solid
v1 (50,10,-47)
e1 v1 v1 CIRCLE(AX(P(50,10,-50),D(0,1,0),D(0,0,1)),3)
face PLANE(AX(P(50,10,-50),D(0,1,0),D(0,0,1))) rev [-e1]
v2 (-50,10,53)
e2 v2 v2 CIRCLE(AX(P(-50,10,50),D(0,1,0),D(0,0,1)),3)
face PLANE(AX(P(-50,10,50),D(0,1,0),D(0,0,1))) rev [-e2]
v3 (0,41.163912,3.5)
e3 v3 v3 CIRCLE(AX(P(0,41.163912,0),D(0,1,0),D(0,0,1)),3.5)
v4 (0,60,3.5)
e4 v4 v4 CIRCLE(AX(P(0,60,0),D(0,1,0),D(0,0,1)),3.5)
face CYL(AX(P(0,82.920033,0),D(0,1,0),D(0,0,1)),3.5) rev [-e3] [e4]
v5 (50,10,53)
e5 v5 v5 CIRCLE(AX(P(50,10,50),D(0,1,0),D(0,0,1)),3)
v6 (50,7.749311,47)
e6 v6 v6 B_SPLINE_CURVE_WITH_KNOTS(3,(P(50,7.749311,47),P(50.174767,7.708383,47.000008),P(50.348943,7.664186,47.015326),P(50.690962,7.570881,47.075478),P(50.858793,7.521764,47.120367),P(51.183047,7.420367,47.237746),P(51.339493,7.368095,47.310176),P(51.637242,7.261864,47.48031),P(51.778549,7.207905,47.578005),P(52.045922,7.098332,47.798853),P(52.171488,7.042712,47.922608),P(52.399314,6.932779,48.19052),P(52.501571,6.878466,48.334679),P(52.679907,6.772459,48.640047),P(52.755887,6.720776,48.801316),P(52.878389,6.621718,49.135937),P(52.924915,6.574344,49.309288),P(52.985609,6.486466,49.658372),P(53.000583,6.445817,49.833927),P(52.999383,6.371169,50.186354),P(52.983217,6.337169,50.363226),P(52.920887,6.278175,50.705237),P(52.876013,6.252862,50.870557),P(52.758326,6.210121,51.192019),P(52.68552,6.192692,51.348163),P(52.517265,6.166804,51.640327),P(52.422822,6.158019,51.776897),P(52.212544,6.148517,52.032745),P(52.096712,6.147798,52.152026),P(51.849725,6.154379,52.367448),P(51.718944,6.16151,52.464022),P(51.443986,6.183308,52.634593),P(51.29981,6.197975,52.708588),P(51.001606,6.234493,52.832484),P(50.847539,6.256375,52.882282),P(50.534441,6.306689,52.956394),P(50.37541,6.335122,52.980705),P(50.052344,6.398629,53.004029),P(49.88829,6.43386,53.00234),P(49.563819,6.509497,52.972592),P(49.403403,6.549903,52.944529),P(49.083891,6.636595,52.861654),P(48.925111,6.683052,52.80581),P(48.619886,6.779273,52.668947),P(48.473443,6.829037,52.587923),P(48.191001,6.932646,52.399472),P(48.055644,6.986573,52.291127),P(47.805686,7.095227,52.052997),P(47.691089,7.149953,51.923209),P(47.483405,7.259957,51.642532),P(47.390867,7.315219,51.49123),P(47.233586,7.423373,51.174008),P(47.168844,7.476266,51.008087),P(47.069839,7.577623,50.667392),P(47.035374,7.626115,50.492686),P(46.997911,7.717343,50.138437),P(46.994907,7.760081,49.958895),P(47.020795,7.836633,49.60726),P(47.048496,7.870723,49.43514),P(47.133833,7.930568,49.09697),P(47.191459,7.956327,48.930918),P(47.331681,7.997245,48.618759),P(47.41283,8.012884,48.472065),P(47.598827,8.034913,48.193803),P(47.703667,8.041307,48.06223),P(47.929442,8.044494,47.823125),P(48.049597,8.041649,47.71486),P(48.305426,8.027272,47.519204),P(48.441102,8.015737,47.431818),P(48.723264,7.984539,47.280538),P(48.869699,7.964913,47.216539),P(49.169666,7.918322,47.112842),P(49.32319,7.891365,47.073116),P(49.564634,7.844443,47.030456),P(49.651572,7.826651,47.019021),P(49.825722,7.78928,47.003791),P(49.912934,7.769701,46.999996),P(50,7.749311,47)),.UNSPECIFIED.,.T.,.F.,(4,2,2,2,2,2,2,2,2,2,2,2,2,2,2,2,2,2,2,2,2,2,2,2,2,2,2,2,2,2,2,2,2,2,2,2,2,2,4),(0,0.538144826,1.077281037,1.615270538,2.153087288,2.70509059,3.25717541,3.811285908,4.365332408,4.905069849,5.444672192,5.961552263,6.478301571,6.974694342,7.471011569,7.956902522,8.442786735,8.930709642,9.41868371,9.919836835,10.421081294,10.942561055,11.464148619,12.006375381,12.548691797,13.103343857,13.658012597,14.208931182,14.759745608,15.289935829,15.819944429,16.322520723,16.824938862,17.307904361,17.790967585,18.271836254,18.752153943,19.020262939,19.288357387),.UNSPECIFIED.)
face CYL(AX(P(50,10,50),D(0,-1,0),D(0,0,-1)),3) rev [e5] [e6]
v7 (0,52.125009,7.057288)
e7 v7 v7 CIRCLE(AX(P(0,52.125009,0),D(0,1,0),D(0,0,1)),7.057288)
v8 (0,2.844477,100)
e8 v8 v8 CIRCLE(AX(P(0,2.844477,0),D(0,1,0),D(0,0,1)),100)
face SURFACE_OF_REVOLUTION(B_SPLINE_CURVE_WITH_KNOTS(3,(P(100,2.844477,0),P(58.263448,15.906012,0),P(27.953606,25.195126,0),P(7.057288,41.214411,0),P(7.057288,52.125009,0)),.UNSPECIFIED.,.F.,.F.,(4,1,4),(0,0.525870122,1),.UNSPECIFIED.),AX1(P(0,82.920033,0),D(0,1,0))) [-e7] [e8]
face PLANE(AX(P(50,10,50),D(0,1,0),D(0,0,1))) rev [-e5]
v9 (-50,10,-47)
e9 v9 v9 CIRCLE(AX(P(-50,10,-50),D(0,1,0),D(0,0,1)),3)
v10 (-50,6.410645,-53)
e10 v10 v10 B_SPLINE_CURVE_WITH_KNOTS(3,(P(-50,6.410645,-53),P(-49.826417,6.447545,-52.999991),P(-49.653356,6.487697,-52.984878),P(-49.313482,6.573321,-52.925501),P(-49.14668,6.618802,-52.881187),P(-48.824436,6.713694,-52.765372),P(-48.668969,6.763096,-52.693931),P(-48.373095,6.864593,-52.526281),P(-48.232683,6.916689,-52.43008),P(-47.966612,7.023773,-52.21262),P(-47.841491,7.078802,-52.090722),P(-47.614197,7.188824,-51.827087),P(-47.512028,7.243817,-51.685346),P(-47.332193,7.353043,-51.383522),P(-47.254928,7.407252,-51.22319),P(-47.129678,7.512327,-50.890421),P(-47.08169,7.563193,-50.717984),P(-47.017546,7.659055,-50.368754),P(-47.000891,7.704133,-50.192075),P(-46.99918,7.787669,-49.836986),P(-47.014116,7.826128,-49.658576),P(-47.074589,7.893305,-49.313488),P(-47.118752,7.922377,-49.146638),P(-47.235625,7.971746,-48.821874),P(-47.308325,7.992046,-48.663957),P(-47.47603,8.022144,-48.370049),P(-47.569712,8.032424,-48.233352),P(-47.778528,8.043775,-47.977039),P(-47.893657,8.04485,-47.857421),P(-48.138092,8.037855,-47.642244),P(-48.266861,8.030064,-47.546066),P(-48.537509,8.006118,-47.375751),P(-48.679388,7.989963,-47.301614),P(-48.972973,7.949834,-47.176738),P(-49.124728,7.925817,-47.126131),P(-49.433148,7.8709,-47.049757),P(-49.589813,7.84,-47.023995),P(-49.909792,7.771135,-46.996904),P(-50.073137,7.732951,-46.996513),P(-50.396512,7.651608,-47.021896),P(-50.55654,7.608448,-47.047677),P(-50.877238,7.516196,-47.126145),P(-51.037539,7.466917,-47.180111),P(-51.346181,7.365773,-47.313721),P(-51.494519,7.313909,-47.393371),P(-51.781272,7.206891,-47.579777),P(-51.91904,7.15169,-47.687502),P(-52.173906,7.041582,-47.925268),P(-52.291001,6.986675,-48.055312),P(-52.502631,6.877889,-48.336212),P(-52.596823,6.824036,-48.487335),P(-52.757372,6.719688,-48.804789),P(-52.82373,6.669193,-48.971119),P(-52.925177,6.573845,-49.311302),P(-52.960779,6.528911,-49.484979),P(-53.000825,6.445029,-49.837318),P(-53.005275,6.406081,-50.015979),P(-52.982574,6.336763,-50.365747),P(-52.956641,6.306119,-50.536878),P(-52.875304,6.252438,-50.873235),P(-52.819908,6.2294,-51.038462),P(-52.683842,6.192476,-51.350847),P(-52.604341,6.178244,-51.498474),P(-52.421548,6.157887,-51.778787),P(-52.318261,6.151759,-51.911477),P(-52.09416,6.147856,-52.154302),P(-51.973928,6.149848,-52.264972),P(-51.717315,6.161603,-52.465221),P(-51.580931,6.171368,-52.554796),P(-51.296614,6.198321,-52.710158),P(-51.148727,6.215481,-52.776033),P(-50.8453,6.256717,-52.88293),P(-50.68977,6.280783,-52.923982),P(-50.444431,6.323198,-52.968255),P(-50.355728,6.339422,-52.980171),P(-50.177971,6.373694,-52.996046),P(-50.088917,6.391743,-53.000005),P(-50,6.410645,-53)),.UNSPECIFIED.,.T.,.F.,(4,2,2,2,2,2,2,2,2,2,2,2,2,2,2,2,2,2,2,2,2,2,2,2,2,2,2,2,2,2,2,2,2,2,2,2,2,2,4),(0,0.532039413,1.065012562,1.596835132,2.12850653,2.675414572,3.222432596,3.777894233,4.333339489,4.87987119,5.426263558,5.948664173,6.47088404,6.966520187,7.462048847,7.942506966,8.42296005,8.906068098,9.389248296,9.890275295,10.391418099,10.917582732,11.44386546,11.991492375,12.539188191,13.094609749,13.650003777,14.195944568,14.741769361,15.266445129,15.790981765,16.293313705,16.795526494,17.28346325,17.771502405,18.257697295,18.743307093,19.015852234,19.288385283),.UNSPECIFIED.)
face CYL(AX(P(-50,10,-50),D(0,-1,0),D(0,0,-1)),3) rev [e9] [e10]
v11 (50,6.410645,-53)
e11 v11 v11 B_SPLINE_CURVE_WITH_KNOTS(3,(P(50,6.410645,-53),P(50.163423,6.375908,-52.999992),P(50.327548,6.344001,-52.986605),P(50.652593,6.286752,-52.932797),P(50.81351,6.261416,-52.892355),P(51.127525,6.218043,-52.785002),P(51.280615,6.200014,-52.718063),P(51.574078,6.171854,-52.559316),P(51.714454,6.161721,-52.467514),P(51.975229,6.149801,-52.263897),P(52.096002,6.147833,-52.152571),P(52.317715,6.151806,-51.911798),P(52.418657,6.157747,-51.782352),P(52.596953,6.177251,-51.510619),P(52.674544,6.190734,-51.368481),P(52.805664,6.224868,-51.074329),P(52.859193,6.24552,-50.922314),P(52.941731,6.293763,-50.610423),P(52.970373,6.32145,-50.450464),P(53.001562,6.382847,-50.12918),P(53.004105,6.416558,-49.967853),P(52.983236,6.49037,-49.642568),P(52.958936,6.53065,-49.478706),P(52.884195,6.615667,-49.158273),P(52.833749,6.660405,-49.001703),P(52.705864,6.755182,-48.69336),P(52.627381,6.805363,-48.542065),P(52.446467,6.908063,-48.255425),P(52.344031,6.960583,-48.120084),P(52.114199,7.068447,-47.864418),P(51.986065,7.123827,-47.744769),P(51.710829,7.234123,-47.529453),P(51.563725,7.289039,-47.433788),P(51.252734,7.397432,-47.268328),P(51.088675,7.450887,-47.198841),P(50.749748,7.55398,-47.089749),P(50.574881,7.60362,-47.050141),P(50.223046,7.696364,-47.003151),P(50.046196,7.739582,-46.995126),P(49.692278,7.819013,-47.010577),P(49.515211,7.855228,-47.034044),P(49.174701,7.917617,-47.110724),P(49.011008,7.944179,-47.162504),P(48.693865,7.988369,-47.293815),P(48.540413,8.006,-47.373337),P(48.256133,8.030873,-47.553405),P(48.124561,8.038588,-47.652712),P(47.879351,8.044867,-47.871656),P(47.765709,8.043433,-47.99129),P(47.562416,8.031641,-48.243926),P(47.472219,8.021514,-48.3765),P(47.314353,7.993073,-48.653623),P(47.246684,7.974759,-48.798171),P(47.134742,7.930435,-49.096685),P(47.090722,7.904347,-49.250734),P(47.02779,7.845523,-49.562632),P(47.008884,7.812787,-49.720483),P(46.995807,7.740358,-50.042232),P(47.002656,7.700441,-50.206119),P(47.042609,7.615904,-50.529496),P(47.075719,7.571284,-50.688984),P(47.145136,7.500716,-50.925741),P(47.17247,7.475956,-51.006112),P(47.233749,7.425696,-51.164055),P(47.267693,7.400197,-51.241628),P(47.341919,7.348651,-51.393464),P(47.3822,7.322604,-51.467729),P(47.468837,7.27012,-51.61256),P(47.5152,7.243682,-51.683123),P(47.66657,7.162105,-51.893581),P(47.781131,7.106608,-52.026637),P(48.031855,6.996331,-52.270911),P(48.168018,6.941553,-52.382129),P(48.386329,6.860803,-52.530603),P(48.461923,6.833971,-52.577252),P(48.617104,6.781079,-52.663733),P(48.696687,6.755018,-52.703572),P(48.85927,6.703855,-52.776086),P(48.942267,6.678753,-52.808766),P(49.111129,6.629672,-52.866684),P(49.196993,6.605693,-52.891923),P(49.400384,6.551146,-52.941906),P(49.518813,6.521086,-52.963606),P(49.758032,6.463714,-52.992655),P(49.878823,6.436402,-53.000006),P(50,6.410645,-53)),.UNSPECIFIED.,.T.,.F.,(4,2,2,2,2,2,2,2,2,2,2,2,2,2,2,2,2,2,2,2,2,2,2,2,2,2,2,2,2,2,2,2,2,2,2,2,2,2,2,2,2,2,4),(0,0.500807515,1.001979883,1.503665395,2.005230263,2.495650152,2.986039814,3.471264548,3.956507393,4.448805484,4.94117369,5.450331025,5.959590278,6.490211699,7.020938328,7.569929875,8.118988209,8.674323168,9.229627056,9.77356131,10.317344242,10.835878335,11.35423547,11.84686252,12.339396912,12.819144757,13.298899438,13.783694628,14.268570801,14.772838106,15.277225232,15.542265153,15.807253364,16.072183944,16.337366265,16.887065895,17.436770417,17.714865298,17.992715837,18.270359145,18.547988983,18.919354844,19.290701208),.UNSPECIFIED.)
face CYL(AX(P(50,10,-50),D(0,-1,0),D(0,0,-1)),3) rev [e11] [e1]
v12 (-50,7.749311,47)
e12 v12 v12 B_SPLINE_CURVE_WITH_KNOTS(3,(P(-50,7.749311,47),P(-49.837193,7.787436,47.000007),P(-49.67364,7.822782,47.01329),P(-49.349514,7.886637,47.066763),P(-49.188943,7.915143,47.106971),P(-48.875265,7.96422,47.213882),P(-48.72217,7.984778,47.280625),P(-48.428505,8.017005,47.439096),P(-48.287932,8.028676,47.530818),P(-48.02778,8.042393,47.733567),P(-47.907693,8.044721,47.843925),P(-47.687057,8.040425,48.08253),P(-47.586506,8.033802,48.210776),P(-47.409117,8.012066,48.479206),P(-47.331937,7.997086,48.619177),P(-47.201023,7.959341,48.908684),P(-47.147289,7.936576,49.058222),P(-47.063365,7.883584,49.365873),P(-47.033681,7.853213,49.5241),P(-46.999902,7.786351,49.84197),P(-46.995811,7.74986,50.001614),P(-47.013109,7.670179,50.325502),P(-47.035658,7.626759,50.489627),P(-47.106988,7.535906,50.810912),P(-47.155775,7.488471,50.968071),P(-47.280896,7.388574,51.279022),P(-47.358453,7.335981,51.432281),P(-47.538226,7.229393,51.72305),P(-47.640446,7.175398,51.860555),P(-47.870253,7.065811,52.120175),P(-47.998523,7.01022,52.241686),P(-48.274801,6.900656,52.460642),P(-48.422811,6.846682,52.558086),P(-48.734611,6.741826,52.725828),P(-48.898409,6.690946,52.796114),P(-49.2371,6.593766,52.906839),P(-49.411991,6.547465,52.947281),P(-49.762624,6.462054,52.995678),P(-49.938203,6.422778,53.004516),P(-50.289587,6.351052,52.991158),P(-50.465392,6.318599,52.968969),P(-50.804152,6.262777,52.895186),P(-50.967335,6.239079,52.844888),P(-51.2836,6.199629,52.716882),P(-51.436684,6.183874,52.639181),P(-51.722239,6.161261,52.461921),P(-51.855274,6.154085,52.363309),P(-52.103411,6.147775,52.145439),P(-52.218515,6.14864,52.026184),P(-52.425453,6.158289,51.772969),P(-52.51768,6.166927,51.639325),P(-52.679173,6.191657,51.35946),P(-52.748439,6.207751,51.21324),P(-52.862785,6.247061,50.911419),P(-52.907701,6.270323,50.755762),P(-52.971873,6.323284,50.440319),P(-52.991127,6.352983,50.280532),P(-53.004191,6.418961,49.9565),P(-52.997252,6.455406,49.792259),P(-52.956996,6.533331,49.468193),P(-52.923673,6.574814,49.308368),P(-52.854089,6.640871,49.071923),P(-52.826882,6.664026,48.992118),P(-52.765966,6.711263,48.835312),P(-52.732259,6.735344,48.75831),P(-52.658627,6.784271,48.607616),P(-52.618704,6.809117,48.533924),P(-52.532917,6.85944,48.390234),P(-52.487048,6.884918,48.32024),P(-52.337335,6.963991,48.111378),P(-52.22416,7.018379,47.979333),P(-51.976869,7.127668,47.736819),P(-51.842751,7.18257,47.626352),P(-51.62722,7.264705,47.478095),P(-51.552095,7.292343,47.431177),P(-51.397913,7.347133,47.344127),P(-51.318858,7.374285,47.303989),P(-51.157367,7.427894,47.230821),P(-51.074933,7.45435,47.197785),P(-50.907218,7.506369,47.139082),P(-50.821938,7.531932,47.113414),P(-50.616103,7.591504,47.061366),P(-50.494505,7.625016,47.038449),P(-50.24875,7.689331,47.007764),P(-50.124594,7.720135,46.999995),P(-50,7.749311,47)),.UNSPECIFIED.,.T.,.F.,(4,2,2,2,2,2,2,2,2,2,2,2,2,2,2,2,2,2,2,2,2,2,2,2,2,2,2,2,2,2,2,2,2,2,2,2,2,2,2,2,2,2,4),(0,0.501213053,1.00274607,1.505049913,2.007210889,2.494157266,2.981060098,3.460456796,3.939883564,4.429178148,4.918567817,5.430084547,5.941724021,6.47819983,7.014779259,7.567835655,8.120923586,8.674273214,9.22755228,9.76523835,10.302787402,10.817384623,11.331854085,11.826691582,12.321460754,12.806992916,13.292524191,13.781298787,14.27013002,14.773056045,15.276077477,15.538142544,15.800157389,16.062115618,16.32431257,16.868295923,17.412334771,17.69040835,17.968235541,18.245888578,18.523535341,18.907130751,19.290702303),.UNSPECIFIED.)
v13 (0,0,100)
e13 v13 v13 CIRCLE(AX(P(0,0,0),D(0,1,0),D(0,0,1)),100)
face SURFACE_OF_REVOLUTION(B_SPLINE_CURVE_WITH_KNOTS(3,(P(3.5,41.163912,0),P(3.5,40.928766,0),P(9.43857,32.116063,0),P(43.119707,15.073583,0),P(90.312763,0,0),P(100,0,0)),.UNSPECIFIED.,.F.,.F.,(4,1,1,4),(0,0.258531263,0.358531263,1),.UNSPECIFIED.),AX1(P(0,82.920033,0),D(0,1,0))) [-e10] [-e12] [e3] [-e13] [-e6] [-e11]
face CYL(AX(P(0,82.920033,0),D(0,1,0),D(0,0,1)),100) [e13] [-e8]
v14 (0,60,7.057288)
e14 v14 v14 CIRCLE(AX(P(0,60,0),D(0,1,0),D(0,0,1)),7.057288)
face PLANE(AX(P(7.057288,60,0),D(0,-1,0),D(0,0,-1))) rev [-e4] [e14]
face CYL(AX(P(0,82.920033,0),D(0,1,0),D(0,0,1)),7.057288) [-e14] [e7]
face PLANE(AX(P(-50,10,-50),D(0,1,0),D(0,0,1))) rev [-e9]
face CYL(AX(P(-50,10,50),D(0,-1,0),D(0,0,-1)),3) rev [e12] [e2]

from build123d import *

# Parameters (mm, degrees)
SKETCH2_R          = 3
CUT_EXTRUDE2_DEPTH = 10


with BuildPart() as part:
    # Sketch1 → Revolve1 (revolve)
    with BuildSketch(Plane.XY, mode=Mode.PRIVATE) as revolve1_sk:
        with BuildLine():
            Line((100, 2.844477336), (100, 0))
            add(Edge.make_bspline(
                [(100, 0), (90.312762525, 0), (43.119706996, 15.073582884), (9.43857005, 32.11606328), (3.5, 40.928765801), (3.5, 41.163912301)],
                knots=[0, 0, 0, 0, 0.641468737, 0.741468737, 1, 1, 1, 1], degree=3))
            Line((3.5, 41.163912301), (3.5, 60))
            Line((3.5, 60), (7.057288072, 60))
            Line((7.057288072, 60), (7.057288072, 52.125008745))
            add(Edge.make_bspline(
                [(100, 2.844477336), (58.263448469, 15.906011625), (27.953606397, 25.195125562), (7.057288072, 41.21441144), (7.057288072, 52.125008745)],
                knots=[0, 0, 0, 0, 0.525870122, 1, 1, 1, 1], degree=3))
        make_face()
    revolve(revolve1_sk.sketch.rotate(Axis((0, 82.920033306, 0), (0, -1, 0)), 90), axis=Axis((0, 82.920033306, 0), (0, -1, 0)))

    # Sketch2 → Cut-Extrude2 (cut)
    with BuildSketch(Plane(origin=(0, 0, 0), x_dir=(1, 0, 0), z_dir=(0, 1, 0))):
        with Locations(Location((-50, -50, 0), (0, 0, 90))):
            Circle(SKETCH2_R)
        with Locations(Location((50, -50, 0), (0, 0, 90))):
            Circle(SKETCH2_R)
        with Locations(Location((50, 50, 0), (0, 0, 90))):
            Circle(SKETCH2_R)
        with Locations(Location((-50, 50, 0), (0, 0, 90))):
            Circle(SKETCH2_R)
    extrude(amount=CUT_EXTRUDE2_DEPTH, mode=Mode.SUBTRACT)


solid = part.part
